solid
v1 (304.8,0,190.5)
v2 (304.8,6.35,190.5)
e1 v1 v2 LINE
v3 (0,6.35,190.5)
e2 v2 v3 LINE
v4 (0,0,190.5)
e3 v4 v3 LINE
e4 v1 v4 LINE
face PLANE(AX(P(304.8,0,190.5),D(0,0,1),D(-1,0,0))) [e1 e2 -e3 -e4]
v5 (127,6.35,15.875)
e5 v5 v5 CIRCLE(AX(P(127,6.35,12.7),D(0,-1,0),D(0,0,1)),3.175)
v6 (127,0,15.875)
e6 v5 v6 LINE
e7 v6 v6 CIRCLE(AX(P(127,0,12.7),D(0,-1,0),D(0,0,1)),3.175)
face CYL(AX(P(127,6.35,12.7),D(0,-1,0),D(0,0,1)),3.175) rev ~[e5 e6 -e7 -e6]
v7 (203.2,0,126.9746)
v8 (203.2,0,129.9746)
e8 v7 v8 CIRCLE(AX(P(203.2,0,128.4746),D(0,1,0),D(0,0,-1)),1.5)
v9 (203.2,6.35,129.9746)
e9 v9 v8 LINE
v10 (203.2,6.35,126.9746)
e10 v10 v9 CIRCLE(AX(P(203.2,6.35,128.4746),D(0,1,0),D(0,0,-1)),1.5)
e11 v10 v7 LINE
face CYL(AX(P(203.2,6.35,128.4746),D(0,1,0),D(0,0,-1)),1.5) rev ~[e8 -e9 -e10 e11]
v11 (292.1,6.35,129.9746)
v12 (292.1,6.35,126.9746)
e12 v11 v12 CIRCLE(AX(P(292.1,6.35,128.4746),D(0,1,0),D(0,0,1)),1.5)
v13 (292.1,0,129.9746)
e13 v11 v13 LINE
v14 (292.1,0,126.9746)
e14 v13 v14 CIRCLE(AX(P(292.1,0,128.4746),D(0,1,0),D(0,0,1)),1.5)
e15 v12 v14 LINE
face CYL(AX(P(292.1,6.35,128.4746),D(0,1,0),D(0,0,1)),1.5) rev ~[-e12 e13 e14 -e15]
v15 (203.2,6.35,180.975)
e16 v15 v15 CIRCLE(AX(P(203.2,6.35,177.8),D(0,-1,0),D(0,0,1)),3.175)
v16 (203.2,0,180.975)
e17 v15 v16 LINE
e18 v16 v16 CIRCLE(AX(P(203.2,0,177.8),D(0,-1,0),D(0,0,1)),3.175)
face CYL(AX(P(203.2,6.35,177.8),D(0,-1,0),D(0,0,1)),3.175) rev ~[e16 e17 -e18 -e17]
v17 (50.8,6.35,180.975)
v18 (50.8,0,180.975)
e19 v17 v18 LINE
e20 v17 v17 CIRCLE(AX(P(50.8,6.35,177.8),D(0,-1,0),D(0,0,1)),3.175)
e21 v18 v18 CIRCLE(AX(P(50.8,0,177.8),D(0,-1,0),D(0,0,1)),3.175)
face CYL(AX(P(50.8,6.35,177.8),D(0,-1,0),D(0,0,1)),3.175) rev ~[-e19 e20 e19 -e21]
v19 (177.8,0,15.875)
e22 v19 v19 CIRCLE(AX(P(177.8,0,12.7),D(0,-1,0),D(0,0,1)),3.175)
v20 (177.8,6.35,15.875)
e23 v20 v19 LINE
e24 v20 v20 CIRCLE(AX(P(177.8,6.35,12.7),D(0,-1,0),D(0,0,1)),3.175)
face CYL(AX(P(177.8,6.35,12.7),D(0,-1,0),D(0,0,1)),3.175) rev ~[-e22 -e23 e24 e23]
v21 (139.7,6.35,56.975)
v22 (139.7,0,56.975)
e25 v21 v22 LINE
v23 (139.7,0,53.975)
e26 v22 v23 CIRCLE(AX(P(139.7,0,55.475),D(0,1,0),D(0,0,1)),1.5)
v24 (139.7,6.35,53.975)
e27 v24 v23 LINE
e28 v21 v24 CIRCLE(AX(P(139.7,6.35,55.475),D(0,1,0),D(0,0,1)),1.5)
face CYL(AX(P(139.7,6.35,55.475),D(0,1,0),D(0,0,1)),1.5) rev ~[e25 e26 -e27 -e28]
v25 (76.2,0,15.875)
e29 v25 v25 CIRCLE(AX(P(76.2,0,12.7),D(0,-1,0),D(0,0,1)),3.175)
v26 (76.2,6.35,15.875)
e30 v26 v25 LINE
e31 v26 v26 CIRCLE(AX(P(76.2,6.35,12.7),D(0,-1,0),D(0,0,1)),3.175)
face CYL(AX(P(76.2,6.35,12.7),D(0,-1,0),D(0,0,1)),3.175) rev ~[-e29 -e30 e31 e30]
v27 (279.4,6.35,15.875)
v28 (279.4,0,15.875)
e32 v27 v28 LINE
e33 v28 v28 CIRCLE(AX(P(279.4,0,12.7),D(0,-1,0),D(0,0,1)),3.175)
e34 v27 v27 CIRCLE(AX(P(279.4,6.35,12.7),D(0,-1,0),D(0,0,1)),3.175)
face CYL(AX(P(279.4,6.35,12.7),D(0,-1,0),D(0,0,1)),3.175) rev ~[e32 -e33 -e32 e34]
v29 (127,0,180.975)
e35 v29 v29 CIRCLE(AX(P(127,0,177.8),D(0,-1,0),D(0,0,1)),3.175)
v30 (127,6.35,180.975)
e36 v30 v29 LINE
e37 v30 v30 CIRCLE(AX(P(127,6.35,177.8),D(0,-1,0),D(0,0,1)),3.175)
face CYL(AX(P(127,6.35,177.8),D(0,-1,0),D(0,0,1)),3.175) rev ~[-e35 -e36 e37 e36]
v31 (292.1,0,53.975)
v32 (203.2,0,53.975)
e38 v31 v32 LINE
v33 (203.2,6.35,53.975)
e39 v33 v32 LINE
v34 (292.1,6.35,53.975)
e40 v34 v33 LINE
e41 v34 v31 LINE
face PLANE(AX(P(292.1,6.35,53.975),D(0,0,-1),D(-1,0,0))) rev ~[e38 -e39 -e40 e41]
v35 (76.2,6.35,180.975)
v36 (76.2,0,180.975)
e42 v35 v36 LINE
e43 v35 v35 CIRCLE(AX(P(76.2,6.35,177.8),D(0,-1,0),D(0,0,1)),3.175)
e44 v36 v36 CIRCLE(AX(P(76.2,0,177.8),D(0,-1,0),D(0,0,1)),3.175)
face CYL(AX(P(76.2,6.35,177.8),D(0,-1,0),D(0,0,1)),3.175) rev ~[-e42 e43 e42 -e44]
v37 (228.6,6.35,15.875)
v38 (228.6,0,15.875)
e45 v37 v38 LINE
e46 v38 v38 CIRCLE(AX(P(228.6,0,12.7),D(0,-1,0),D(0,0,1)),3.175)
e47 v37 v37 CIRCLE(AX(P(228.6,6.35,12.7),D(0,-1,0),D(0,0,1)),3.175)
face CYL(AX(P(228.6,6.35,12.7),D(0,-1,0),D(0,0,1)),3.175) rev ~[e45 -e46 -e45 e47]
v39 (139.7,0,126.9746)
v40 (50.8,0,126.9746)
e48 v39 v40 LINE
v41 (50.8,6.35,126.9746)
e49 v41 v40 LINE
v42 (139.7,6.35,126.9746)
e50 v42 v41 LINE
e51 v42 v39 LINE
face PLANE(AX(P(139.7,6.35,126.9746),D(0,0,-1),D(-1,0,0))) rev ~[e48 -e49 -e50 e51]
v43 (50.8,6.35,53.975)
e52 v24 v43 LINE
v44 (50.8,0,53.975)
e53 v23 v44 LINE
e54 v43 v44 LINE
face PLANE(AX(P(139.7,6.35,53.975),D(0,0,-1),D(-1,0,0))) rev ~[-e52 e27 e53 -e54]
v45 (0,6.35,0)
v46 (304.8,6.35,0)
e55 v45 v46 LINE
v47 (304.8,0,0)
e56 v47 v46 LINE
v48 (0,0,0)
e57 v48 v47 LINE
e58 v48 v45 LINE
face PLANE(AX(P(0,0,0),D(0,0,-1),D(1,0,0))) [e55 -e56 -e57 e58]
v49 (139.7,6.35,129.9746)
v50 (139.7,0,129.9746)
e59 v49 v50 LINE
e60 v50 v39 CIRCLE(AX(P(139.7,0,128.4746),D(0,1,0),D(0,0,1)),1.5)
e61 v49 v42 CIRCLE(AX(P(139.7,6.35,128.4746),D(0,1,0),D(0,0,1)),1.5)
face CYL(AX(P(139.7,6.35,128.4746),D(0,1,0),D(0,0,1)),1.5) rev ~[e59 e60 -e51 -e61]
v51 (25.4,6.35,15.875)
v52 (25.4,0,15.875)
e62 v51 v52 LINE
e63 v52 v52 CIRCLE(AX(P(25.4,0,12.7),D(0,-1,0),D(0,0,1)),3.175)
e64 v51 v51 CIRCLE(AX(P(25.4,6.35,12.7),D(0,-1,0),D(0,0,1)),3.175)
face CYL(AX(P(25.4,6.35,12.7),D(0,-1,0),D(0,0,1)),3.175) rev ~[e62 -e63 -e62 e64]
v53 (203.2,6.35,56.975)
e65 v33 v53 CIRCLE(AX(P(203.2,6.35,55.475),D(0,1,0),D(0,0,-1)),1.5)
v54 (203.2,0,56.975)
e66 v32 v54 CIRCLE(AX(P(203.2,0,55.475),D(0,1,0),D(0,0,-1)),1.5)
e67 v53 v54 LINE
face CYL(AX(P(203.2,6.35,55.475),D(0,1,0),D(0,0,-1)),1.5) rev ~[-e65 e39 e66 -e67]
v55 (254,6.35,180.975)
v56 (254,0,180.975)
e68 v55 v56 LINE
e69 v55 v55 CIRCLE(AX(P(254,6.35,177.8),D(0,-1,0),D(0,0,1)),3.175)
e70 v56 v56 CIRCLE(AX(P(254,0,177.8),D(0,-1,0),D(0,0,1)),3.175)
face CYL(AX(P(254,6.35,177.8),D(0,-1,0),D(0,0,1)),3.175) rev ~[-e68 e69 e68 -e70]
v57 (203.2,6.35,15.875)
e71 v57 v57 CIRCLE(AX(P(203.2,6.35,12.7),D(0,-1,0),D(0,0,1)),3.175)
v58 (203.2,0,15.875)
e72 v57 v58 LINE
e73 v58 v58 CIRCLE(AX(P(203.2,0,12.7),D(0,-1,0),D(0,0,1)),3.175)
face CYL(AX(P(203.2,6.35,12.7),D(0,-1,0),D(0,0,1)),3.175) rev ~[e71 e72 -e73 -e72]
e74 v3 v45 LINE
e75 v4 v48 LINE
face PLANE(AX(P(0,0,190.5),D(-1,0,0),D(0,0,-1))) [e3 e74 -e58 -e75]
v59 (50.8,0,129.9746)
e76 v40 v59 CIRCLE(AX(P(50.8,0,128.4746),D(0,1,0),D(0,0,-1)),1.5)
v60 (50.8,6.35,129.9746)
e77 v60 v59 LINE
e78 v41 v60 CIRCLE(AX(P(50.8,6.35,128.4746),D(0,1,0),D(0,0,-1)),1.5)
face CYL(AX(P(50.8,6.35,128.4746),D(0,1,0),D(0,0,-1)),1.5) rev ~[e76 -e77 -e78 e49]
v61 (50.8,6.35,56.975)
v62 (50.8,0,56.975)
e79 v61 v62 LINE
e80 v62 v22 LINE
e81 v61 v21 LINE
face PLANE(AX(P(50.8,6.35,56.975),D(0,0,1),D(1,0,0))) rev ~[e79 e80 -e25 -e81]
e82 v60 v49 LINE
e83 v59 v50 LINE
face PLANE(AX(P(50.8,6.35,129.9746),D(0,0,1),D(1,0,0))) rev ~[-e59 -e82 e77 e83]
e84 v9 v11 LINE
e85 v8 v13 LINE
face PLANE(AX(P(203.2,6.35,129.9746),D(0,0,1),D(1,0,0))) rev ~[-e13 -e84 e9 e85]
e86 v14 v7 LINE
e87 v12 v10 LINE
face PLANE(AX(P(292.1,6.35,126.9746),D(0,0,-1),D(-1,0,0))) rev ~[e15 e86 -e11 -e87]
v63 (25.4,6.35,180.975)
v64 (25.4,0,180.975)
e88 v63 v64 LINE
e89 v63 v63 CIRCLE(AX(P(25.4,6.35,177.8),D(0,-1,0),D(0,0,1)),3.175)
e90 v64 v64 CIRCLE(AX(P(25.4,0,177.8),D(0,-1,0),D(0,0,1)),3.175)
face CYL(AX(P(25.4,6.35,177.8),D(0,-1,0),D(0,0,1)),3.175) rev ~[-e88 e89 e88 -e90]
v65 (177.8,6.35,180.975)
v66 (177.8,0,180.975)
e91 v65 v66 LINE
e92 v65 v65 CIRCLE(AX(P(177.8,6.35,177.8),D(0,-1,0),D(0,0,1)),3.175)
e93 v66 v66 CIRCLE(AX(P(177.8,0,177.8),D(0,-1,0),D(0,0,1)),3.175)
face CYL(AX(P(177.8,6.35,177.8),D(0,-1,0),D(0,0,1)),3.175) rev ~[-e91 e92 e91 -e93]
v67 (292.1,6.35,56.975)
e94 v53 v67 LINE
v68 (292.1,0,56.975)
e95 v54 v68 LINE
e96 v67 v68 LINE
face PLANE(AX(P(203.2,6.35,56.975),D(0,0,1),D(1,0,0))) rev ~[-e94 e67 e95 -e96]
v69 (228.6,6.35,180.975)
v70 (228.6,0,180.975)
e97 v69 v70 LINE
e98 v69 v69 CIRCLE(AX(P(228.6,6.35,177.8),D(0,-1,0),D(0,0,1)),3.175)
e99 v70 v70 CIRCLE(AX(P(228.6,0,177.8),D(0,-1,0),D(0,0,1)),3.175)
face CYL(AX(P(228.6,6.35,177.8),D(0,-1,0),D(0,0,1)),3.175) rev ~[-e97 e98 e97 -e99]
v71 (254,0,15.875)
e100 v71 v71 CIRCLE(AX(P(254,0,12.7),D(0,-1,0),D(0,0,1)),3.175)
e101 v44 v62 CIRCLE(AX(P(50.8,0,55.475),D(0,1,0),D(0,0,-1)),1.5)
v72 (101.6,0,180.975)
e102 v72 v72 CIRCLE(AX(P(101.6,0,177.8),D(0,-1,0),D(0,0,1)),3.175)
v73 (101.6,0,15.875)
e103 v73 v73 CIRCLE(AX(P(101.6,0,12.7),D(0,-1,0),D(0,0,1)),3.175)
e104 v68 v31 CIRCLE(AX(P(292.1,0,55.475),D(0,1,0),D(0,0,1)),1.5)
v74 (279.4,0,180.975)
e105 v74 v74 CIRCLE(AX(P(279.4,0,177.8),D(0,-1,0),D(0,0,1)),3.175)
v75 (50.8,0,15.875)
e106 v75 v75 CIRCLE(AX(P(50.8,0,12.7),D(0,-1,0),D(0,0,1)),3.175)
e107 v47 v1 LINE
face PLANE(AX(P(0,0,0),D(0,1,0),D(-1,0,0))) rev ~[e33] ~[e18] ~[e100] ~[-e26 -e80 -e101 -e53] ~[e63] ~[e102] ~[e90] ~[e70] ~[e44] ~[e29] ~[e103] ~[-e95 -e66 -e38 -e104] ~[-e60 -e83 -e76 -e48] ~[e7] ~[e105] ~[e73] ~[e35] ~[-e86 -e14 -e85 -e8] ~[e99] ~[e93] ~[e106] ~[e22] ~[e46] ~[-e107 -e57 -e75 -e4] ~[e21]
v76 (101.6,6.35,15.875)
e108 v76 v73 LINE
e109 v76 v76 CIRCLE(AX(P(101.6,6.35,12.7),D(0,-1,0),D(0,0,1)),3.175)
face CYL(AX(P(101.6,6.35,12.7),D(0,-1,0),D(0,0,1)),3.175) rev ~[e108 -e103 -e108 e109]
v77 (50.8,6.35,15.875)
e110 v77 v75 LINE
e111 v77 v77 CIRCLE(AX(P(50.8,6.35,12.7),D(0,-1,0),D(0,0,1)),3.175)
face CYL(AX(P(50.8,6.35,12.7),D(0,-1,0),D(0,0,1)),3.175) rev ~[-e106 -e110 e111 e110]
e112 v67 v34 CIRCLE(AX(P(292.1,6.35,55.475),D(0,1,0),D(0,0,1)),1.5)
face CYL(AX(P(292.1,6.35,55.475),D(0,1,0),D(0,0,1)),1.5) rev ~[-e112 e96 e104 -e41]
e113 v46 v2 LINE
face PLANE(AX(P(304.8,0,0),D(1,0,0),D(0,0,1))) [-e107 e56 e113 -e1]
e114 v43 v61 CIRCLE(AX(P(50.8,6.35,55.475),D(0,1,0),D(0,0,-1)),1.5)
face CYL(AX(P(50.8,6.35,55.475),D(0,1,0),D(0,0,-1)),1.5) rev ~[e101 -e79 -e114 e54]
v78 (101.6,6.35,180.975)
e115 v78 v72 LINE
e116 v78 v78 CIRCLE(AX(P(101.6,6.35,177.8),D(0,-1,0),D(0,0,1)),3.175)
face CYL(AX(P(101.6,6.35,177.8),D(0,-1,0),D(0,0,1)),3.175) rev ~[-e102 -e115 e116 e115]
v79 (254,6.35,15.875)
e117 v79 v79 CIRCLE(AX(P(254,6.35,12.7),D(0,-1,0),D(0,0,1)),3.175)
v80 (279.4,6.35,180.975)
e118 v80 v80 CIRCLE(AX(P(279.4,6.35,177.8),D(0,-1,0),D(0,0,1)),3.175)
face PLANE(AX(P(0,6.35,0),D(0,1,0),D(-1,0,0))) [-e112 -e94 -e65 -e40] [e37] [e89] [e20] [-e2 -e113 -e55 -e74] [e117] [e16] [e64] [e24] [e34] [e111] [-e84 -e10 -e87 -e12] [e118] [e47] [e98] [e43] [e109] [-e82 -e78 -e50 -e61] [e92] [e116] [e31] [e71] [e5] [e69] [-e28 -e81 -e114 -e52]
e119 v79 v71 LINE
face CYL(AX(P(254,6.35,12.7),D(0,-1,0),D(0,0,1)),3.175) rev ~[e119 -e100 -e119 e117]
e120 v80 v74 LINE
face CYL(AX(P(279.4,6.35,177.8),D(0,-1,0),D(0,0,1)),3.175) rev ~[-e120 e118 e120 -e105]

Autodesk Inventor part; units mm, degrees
ref_plane "YZ Plane" through (0, 0, 0) normal (1, 0, 0) x (0, 1, 0)
ref_plane "XZ Plane" through (0, 0, 0) normal (0, 1, 0) x (-1, 0, 0)
ref_plane "XY Plane" through (0, 0, 0) normal (0, 0, 1) x (1, 0, 0)
sketch "Sketch1" plane through (0, 0, 0) normal (0, 1, 0) x (-1, 0, 0)
  line L0 (0, 0) -> (-304.8, 0)
  line L1 (-304.8, 0) -> (-304.8, 190.5)
  line L2 (-304.8, 190.5) -> (0, 190.5)
  line L3 (0, 190.5) -> (0, 0)
  dimension "d0" = 304.8
  dimension "d1" = 190.5
extrude "Extrusion1" add sketch "Sketch1" along normal blind 6.35
sketch "Sketch2" plane through (0, 6.35, 0) normal (0, 1, 0) x (1, 0, 0)
  line L0 (304.8, 0) -> (0, 0) projected
  line L1 (0, 0) -> (0, -190.5) projected
  line L2 (0, -190.5) -> (304.8, -190.5) projected
  line L3 (304.8, -190.5) -> (304.8, 0) projected
  point P0 (25.4, -12.7)
  point P1 (50.8, -12.7)
  point P2 (76.2, -12.7)
  point P3 (101.6, -12.7)
  point P4 (127, -12.7)
  point P5 (177.8, -12.7)
  point P6 (203.2, -12.7)
  point P7 (228.6, -12.7)
  point P8 (254, -12.7)
  point P9 (279.4, -12.7)
  point P10 (25.4, -177.8)
  point P11 (50.8, -177.8)
  point P12 (76.2, -177.8)
  point P13 (101.6, -177.8)
  point P14 (127, -177.8)
  point P15 (177.8, -177.8)
  point P16 (203.2, -177.8)
  point P17 (228.6, -177.8)
  point P18 (254, -177.8)
  point P19 (279.4, -177.8)
  dimension "d4" = 25.4
  dimension "d5" = 25.4
  dimension "d6" = 25.4
  dimension "d7" = 25.4
  dimension "d8" = 25.4
  dimension "d9" = 25.4
  dimension "d10" = 25.4
  dimension "d11" = 25.4
  dimension "d12" = 25.4
  dimension "d13" = 12.7
  dimension "d14" = 12.7
  dimension "d15" = 25.4
hole "Hole1" at (25.4, 6.35, 12.7) at (50.8, 6.35, 12.7) at (76.2, 6.35, 12.7) at (101.6, 6.35, 12.7) at (127, 6.35, 12.7) at (177.8, 6.35, 12.7) at (203.2, 6.35, 12.7) at (228.6, 6.35, 12.7) at (254, 6.35, 12.7) at (279.4, 6.35, 12.7) at (25.4, 6.35, 177.8) at (50.8, 6.35, 177.8) at (76.2, 6.35, 177.8) at (101.6, 6.35, 177.8) at (127, 6.35, 177.8) at (177.8, 6.35, 177.8) at (203.2, 6.35, 177.8) at (228.6, 6.35, 177.8) at (254, 6.35, 177.8) at (279.4, 6.35, 177.8) direction (0, -1, 0) diameter 6.35 end through all
sketch "Sketch3" plane through (0, 6.35, 0) normal (0, 1, 0) x (1, 0, 0)
  line L0 (304.8, 0) -> (0, 0) projected
  line L1 (0, 0) -> (0, -190.5) projected
  line L2 (50.8, -55.475) -> (139.7, -55.475) construction
  line L3 (50.8, -56.975) -> (139.7, -56.975)
  line L4 (139.7, -53.975) -> (50.8, -53.975)
  arc A0 (50.8, -53.975) -> (50.8, -56.975) centre (50.8, -55.475) ccw
  arc A1 (139.7, -56.975) -> (139.7, -53.975) centre (139.7, -55.475) ccw
  line L5 (203.2, -128.4746) -> (292.1, -128.4746) construction
  line L6 (203.2, -129.9746) -> (292.1, -129.9746)
  line L7 (292.1, -126.9746) -> (203.2, -126.9746)
  arc A2 (203.2, -126.9746) -> (203.2, -129.9746) centre (203.2, -128.4746) ccw
  arc A3 (292.1, -129.9746) -> (292.1, -126.9746) centre (292.1, -128.4746) ccw
  line L8 (203.2, -55.475) -> (292.1, -55.475) construction
  line L9 (203.2, -56.975) -> (292.1, -56.975)
  line L10 (292.1, -53.975) -> (203.2, -53.975)
  arc A4 (203.2, -53.975) -> (203.2, -56.975) centre (203.2, -55.475) ccw
  arc A5 (292.1, -56.975) -> (292.1, -53.975) centre (292.1, -55.475) ccw
  line L11 (139.7, -126.9746) -> (50.8, -126.9746)
  line L12 (50.8, -129.9746) -> (139.7, -129.9746)
  arc A6 (50.8, -126.9746) -> (50.8, -129.9746) centre (50.8, -128.4746) ccw
  line L13 (50.8, -128.4746) -> (139.7, -128.4746) construction
  arc A7 (139.7, -129.9746) -> (139.7, -126.9746) centre (139.7, -128.4746) ccw
  line L14 (50.8, -128.4746) -> (0, -190.5) construction
  point P0 (95.25, -55.475)
  point P1 (247.65, -128.4746)
  point P2 (247.65, -55.475)
  point P3 (95.25, -128.4746)
  dimension "d23" = 88.9
  dimension "d24" = 3
  dimension "d26" = 3
  dimension "d28" = 3
  dimension "d30" = 3
  dimension "d32" = 152.4
  dimension "d33" = 50.8
  dimension "d36" = 72.9996
  dimension "d37" = 53.975
extrude "Extrusion2" cut sketch "Sketch3" along normal through all both and the other way through all
properties part number "LiDAR Plate" material "Aluminum 6061"
